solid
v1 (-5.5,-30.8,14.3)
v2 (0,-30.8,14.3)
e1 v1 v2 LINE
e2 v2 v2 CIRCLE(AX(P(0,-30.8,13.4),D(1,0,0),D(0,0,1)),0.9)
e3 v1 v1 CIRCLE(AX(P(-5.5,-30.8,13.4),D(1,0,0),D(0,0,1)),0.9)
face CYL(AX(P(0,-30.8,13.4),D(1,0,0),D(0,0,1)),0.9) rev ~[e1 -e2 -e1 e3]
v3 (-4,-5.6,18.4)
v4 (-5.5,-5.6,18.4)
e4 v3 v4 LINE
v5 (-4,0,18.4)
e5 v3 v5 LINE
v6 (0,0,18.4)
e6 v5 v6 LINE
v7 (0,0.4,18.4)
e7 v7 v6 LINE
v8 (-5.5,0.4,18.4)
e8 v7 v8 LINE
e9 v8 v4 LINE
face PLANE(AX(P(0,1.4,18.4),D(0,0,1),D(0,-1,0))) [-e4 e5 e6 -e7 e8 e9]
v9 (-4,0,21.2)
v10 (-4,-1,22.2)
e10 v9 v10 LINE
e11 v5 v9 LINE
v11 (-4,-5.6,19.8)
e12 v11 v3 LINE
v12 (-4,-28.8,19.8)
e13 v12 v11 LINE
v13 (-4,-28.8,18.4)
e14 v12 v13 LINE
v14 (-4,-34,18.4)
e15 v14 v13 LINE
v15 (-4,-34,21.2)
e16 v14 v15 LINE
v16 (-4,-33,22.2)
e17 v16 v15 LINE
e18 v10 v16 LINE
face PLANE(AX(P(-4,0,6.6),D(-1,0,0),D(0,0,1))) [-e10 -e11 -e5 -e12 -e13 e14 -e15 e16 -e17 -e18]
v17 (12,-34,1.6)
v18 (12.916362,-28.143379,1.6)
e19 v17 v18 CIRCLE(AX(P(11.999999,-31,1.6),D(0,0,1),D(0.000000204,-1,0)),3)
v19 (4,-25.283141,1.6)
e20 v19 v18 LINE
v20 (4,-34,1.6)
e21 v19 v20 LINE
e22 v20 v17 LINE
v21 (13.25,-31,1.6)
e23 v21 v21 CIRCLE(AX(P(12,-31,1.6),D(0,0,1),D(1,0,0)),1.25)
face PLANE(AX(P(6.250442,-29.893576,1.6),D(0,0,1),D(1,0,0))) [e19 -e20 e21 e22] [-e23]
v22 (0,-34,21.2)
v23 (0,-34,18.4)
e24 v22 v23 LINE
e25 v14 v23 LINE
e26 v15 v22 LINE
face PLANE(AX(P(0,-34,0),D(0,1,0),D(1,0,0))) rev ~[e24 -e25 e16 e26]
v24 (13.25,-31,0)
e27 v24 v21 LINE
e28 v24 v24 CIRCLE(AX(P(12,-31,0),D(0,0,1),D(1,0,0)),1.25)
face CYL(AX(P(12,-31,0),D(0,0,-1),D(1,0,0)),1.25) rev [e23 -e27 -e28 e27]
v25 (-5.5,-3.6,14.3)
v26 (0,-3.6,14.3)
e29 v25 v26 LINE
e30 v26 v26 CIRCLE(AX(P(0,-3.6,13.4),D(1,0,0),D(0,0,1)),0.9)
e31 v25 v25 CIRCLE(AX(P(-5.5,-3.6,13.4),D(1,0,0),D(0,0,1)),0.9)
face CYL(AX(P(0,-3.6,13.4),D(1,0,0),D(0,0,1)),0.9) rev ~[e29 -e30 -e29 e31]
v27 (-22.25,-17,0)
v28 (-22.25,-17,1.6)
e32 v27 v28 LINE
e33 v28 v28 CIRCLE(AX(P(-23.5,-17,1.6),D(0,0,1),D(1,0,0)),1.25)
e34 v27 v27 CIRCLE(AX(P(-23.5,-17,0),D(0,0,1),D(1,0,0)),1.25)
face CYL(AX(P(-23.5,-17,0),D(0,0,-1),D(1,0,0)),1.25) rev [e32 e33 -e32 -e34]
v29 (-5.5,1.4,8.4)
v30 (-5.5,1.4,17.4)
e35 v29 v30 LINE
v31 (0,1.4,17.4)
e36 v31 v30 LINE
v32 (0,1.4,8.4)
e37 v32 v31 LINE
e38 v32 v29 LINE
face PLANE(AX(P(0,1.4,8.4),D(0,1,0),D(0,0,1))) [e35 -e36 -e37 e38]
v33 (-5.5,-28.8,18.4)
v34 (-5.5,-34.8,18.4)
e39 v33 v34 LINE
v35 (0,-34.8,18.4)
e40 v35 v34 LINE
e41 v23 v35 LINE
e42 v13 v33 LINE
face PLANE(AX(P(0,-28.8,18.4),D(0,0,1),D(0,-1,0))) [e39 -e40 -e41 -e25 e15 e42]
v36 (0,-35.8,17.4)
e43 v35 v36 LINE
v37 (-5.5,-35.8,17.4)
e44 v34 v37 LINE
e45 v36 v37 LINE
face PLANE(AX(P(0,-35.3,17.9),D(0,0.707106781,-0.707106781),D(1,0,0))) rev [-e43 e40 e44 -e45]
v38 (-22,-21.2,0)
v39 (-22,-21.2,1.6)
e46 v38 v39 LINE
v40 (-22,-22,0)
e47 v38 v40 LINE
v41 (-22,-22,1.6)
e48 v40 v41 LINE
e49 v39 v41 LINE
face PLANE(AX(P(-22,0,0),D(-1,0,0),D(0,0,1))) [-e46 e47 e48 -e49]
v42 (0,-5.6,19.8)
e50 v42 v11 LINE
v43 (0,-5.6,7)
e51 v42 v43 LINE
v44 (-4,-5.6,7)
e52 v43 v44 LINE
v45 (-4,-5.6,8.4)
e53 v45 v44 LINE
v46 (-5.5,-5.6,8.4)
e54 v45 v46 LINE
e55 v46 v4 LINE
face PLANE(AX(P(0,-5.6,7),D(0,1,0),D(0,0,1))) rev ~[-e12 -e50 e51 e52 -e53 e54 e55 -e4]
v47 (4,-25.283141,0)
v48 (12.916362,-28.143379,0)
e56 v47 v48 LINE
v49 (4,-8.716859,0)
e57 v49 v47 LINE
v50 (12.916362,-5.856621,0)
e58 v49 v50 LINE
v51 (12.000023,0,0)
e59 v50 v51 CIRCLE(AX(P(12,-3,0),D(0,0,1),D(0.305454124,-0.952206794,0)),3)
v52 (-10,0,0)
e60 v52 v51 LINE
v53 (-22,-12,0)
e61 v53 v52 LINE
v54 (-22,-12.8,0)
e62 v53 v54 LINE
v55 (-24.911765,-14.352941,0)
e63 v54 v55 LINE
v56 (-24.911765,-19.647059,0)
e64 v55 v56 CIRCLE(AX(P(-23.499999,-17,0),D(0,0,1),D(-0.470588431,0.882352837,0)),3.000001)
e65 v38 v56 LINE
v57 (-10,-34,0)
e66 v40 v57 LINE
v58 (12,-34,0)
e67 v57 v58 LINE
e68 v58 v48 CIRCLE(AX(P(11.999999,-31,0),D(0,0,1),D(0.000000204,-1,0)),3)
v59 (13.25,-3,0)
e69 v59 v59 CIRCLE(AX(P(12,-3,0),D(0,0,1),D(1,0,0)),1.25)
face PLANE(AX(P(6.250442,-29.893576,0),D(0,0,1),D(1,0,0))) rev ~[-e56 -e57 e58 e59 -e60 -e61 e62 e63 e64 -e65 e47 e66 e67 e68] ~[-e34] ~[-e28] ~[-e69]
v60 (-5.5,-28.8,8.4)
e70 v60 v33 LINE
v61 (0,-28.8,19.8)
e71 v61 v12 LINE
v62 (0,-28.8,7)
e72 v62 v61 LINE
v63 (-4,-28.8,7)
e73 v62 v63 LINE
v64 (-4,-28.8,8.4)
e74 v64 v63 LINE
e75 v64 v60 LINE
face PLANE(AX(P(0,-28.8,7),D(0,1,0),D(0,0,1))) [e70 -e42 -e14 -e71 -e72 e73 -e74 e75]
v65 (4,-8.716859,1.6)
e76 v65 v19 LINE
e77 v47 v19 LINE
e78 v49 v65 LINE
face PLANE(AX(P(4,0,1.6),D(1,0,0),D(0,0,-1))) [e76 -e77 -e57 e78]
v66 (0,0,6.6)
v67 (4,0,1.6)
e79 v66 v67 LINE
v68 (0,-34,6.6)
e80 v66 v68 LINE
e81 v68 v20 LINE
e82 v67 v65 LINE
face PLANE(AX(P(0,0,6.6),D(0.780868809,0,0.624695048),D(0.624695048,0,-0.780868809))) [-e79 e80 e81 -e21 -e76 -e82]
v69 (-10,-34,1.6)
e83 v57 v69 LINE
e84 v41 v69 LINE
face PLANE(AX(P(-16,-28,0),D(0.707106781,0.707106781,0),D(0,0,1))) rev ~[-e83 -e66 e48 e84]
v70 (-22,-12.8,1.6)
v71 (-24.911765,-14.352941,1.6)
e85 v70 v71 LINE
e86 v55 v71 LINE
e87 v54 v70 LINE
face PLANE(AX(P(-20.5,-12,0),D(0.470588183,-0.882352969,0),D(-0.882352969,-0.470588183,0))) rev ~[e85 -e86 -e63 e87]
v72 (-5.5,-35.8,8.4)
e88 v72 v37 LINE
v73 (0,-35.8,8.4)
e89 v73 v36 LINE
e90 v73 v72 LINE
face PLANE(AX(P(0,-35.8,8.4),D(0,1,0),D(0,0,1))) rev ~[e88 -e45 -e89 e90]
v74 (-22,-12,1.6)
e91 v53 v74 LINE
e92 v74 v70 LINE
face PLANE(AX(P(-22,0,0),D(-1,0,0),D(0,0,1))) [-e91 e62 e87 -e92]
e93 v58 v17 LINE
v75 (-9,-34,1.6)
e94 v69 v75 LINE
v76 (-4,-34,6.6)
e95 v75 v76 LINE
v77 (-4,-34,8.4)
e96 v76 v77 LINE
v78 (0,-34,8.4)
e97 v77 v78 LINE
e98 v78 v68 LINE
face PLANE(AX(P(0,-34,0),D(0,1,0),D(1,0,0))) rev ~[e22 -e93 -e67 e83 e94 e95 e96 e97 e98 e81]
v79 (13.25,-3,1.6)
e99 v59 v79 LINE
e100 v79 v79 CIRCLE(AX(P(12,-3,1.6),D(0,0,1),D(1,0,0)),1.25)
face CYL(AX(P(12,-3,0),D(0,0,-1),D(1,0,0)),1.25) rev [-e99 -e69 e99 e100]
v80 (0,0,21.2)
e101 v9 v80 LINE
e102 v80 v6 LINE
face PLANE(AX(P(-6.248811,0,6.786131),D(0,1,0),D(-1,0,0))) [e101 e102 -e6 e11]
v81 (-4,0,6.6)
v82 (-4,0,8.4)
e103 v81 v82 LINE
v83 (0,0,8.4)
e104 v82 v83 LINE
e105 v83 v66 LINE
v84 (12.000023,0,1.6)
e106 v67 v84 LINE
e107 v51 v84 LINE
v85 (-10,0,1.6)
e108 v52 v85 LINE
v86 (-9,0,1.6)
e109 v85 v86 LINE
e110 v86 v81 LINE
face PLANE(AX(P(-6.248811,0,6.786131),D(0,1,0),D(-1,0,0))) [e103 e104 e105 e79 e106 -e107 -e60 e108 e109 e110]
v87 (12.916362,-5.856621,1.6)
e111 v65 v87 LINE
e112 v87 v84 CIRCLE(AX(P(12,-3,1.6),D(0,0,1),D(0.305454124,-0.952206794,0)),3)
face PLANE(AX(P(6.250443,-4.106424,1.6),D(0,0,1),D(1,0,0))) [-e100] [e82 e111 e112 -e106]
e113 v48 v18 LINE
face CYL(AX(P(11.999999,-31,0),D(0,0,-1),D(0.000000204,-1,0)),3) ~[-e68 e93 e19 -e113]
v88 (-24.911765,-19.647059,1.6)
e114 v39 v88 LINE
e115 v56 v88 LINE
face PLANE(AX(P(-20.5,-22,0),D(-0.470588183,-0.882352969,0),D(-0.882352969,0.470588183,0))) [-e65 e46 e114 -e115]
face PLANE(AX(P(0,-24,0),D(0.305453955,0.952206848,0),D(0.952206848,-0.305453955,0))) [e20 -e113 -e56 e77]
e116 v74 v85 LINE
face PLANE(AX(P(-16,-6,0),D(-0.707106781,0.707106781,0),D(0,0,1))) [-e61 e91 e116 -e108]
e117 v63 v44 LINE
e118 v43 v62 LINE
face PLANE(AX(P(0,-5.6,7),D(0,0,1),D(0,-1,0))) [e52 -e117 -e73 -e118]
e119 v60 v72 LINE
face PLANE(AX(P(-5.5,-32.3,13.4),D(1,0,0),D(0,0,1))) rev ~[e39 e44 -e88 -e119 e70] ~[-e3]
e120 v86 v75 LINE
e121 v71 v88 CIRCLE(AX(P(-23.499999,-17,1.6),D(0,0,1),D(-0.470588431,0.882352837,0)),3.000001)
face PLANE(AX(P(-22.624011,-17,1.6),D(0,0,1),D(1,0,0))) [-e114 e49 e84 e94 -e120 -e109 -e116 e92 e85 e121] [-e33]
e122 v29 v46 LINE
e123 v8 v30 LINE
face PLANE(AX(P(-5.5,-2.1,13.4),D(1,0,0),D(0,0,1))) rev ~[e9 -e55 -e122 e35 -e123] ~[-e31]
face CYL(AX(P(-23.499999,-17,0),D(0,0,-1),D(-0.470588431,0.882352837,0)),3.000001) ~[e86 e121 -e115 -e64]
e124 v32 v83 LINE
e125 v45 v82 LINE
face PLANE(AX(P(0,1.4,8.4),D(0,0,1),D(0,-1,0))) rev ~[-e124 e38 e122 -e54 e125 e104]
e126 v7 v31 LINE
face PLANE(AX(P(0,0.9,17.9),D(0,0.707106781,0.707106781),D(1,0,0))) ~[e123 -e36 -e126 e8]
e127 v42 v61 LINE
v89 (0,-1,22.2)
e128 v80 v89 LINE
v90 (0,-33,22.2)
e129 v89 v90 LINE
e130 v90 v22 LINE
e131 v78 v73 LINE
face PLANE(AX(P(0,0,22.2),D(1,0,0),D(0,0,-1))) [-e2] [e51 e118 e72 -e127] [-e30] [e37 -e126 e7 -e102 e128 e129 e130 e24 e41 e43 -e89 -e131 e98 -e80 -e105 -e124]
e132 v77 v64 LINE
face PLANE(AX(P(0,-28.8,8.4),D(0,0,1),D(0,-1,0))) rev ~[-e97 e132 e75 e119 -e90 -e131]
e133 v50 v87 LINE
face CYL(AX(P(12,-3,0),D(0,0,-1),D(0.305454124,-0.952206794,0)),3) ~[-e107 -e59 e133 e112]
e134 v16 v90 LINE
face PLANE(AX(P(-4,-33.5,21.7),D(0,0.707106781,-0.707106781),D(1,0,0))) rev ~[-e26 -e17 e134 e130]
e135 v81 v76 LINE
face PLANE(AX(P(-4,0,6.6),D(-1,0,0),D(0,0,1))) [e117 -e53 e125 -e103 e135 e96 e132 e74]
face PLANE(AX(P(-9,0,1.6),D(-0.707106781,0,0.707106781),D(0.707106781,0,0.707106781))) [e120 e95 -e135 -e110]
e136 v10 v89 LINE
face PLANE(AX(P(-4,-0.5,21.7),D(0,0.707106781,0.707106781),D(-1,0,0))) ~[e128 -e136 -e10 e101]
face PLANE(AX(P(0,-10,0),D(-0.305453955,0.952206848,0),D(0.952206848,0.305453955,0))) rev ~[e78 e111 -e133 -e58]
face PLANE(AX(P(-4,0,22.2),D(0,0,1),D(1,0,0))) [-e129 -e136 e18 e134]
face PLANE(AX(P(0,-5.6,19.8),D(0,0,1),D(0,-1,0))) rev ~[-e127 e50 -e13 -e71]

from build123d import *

# Parameters (mm, degrees)
PAD_DEPTH       = 34
SKETCH_R        = 0.9
POCKET_DEPTH    = 22.001
SKETCH003_W     = 12.8
SKETCH003_H     = 23.2
POCKET001_DEPTH = 22.001
SKETCH005_R     = 1.25
PAD001_DEPTH    = 1.6
SKETCH006_R     = 1.25
PAD002_DEPTH    = 1.6
SKETCH007_W     = 10
SKETCH007_H     = 7
SKETCH007_R     = 0.9
PAD003_DEPTH    = 5.5
CHAMFER_SIZE    = 12
CHAMFER001_SIZE = 1
CHAMFER002_SIZE = 1


with BuildPart() as part:
    # Sketch001 → Pad (new body)
    with BuildSketch(Plane.XZ):
        Polygon((-22, 1.6), (-9, 1.6), (-4, 6.6), (-4, 22.2), (0, 22.2), (0, 6.6), (4, 1.6), (4, 0), (-3.601763, 0), (-22, 0), align=None)
    extrude(amount=PAD_DEPTH)

    # Sketch → Pocket (cut, through all)
    with BuildSketch(Plane(origin=(0, 0, 0), x_dir=(0, 0, 1), z_dir=(1, 0, 0))):
        with Locations((13.4, 30.8)):
            Circle(SKETCH_R)
        with Locations((13.4, 3.6)):
            Circle(SKETCH_R)
    extrude(amount=-POCKET_DEPTH, mode=Mode.SUBTRACT)

    # Sketch003 (on DatumPlane) → Pocket001 (cut, through all)
    with BuildSketch(Plane(origin=(0, 0, 0), x_dir=(0, 0, 1), z_dir=(1, 0, 0))):
        with Locations((13.4, 17.2)):
            Rectangle(SKETCH003_W, SKETCH003_H)
    extrude(amount=-POCKET001_DEPTH, mode=Mode.SUBTRACT)

    # Sketch005 → Pad001 (join)
    with BuildSketch(Plane.XY):
        with BuildLine():
            ThreePointArc((-24.911765, -14.352941), (-26.5, -17), (-24.911765, -19.647059))
            Line((-20.5, -22), (-24.911765, -19.647059))
            Line((-20.5, -12), (-20.5, -22))
            Line((-20.5, -12), (-24.911765, -14.352941))
        make_face()
        with Locations((-23.5, -17)):
            Circle(SKETCH005_R, mode=Mode.SUBTRACT)
    extrude(amount=PAD001_DEPTH)

    # Sketch006 → Pad002 (join)
    with BuildSketch(Plane.XY):
        with BuildLine():
            ThreePointArc((12, -34), (14.963938, -31.463756), (12.916362, -28.143379))
            Line((0, -24), (12.916362, -28.143379))
            Line((0, -34), (0, -24))
            Line((0, -34), (12, -34))
        make_face()
        with Locations((12, -31)):
            Circle(SKETCH006_R, mode=Mode.SUBTRACT)
        with BuildLine():
            ThreePointArc((12.916362, -5.856621), (14.96394, -2.536256), (12.000023, 0))
            Line((0, 0), (12.000023, 0))
            Line((0, 0), (0, -10))
            Line((0, -10), (12.916362, -5.856621))
        make_face()
        with Locations((12, -3)):
            Circle(SKETCH006_R, mode=Mode.SUBTRACT)
    extrude(amount=PAD002_DEPTH)

    # Sketch007 (on Face3 of Pad002) → Pad003 (join)
    with BuildSketch(Plane(origin=(0, 0, 0), x_dir=(0, 0, 1), z_dir=(1, 0, 0))):
        with Locations((13.4, 32.3)):
            Rectangle(SKETCH007_W, SKETCH007_H)
        with Locations((13.4, 30.8)):
            Circle(SKETCH007_R, mode=Mode.SUBTRACT)
        with Locations((13.4, 2.1)):
            Rectangle(SKETCH007_W, SKETCH007_H)
        with Locations((13.4, 3.6)):
            Circle(SKETCH007_R, mode=Mode.SUBTRACT)
    extrude(amount=-PAD003_DEPTH)

    # Chamfer
    chamfer_edges = [part.edges().sort_by_distance(p)[0] for p in [
        (-22, 0, 0.8),
        (-22, -34, 0.8),
    ]]
    chamfer(chamfer_edges, length=CHAMFER_SIZE)

    # Chamfer001
    chamfer001_edges = [part.edges().sort_by_distance(p)[0] for p in [
        (-2, 0, 22.2),
        (-2, -34, 22.2),
    ]]
    chamfer(chamfer001_edges, length=CHAMFER001_SIZE)

    # Chamfer002
    chamfer002_edges = [part.edges().sort_by_distance(p)[0] for p in [
        (-2.75, 1.4, 18.4),
        (-2.75, -35.8, 18.4),
    ]]
    chamfer(chamfer002_edges, length=CHAMFER002_SIZE)


solid = part.part
